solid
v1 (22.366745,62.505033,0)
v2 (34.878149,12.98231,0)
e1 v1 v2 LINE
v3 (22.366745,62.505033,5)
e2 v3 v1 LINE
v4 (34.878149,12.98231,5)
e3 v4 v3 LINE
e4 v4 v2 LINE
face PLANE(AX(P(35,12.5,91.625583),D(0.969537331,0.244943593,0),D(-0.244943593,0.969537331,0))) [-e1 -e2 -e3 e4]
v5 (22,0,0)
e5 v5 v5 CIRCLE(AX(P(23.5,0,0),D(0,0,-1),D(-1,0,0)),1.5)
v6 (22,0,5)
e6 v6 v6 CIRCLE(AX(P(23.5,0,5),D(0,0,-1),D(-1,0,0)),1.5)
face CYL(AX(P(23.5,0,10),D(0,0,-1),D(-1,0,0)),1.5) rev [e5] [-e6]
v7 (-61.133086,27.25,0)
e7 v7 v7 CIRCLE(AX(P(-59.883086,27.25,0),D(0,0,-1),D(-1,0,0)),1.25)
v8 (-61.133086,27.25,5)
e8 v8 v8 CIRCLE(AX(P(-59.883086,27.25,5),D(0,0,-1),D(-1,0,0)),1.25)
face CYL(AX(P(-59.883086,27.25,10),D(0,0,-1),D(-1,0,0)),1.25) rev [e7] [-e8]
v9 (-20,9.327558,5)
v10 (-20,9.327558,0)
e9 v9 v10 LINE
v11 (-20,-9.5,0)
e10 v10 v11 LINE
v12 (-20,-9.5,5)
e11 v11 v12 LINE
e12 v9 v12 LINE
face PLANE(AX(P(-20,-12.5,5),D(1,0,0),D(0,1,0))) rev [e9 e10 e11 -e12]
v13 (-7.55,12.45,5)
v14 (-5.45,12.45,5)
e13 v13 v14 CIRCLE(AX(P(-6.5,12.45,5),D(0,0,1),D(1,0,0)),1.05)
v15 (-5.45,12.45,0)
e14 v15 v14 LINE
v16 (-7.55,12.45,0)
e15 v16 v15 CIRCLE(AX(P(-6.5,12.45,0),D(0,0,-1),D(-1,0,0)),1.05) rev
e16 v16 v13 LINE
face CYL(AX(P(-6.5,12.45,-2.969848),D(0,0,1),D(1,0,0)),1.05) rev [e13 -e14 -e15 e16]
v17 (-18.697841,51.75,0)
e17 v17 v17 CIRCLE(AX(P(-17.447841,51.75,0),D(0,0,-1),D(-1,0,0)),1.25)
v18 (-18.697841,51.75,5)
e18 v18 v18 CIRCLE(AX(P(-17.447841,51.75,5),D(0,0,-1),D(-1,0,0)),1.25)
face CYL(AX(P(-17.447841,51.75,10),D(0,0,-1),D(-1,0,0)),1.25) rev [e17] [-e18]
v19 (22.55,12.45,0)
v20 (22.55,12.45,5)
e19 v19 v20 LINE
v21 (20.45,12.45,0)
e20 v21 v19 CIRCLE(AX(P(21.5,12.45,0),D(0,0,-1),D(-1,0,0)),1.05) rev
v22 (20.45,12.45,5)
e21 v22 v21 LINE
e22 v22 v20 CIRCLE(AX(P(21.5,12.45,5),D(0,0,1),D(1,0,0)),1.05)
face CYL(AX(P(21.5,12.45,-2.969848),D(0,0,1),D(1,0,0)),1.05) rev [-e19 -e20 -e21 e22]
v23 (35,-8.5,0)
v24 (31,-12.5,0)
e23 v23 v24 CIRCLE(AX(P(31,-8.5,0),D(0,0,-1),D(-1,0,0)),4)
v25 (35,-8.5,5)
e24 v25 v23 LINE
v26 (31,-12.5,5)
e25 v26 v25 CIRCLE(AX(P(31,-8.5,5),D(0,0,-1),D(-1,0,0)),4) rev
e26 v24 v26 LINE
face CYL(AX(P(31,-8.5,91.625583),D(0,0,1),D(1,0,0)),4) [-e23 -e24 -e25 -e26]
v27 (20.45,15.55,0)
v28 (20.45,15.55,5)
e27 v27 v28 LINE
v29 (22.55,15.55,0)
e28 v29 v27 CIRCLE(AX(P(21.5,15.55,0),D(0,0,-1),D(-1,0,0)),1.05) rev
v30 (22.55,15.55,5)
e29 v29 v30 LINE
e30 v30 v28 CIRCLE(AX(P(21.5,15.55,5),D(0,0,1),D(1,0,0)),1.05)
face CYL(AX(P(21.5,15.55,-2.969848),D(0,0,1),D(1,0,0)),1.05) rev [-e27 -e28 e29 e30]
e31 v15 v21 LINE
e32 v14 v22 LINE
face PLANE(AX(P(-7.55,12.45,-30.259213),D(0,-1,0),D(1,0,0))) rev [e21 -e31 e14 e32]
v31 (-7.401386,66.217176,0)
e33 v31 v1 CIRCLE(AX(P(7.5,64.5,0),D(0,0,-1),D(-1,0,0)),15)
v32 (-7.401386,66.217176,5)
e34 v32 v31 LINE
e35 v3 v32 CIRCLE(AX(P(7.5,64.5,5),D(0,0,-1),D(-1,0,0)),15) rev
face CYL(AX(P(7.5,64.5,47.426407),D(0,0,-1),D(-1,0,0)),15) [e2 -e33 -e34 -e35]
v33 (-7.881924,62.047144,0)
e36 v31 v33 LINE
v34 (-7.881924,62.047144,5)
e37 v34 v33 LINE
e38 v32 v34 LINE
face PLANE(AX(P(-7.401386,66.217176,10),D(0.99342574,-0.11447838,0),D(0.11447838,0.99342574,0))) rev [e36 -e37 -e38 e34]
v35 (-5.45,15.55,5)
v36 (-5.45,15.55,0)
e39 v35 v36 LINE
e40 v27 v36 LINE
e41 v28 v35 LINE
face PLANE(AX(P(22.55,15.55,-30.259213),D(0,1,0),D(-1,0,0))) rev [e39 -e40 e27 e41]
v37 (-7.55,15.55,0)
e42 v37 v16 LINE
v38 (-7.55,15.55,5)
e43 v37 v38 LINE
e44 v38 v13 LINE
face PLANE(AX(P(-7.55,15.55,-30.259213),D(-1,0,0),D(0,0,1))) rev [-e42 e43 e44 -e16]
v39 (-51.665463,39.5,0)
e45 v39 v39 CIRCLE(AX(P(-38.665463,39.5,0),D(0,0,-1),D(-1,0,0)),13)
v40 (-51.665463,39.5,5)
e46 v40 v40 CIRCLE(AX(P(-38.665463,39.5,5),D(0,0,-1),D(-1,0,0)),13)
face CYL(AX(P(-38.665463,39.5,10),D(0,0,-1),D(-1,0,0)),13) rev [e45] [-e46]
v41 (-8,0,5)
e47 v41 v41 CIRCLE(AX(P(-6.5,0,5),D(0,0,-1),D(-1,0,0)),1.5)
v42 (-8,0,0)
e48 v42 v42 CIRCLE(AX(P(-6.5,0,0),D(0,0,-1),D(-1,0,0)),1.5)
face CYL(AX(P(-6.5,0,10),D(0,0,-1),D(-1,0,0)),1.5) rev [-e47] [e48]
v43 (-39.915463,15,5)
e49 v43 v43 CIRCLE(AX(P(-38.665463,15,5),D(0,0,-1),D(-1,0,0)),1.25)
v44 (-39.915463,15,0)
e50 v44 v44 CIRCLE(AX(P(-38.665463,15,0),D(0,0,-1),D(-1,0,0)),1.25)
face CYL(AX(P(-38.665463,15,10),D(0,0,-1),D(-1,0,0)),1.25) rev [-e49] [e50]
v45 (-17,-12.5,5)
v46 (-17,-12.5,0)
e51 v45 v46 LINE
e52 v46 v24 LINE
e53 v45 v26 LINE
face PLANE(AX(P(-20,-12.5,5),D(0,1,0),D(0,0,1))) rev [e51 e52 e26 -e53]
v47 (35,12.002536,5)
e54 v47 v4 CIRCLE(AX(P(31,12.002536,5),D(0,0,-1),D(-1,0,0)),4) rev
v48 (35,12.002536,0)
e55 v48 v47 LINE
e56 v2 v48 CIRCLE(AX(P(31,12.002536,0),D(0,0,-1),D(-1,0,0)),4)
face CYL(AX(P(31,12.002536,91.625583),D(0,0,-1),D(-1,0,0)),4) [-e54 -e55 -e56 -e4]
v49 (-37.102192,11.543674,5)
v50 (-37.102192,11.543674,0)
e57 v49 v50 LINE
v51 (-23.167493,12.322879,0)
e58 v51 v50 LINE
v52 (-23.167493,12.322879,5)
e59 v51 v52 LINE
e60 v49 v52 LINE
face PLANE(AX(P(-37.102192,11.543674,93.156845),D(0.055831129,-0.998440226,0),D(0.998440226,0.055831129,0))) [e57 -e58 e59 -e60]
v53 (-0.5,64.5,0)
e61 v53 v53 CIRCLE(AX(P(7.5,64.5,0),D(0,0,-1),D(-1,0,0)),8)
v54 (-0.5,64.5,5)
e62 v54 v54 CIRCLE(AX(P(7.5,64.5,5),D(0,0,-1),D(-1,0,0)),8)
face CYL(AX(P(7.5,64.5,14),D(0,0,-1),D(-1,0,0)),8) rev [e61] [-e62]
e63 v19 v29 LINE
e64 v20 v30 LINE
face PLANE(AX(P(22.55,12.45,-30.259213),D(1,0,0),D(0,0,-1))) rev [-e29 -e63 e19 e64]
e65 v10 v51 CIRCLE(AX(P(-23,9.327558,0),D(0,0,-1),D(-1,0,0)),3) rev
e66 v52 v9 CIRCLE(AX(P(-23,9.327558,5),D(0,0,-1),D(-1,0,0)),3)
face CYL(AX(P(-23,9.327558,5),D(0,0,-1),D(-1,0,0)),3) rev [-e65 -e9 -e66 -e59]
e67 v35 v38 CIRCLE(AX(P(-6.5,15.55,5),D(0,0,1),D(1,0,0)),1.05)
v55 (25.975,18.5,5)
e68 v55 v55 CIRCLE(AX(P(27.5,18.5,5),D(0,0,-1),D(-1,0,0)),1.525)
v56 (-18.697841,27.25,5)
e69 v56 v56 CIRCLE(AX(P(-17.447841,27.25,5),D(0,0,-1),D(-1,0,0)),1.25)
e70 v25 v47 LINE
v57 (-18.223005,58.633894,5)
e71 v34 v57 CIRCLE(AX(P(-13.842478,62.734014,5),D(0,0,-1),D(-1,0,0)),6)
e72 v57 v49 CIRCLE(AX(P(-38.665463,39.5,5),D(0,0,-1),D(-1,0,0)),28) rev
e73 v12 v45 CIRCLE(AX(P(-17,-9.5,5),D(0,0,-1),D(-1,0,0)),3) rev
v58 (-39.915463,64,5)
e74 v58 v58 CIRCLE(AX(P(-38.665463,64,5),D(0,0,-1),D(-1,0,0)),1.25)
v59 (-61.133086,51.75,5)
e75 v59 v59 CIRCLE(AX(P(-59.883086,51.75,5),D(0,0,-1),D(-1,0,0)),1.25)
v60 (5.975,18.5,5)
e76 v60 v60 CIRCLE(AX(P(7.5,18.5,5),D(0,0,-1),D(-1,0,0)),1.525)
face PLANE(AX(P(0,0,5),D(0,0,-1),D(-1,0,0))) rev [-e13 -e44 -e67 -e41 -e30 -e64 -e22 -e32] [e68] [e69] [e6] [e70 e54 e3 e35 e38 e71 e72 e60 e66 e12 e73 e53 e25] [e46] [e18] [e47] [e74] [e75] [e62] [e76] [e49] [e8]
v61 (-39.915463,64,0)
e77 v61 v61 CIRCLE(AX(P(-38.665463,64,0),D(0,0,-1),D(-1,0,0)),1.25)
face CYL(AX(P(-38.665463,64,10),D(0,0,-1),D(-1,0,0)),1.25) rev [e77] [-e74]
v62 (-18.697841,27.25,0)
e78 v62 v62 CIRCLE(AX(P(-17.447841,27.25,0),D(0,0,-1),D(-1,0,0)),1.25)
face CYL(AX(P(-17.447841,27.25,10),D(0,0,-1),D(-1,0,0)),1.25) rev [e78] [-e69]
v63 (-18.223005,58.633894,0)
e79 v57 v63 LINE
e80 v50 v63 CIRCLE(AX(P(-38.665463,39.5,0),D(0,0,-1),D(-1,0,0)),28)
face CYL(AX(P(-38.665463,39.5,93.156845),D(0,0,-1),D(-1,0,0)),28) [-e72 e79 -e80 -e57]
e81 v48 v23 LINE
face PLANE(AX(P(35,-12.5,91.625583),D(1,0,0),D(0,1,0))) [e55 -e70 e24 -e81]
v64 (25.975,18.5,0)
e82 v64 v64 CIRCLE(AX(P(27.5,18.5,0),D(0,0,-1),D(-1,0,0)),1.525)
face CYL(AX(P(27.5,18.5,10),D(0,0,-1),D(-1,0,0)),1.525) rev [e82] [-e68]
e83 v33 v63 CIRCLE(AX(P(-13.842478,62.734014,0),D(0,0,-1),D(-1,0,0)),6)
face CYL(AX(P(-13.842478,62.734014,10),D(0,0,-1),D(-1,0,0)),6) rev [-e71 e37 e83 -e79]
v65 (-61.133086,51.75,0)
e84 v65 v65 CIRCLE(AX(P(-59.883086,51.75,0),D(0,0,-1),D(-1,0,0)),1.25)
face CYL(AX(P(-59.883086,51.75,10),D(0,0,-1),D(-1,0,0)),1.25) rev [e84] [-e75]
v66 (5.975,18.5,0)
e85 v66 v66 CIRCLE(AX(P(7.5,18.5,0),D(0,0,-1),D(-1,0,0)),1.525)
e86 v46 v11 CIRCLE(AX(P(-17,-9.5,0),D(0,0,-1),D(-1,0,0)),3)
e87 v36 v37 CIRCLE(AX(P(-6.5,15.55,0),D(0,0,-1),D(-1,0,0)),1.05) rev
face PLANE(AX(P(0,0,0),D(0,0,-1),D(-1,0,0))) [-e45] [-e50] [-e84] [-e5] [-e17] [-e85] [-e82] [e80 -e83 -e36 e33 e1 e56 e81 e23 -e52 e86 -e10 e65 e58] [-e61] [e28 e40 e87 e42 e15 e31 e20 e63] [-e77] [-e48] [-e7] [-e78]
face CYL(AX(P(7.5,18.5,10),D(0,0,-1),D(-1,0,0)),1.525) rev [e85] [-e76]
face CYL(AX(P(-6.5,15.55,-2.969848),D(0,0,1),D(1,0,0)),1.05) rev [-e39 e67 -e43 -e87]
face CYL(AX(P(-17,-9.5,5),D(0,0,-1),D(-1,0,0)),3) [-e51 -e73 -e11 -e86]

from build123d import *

# Parameters (mm, degrees)
SKETCH_1_W           = 40
SKETCH_1_H           = 25
EXTRUDE_1_DEPTH      = 5
SKETCH_2_W           = 25
SKETCH_2_H           = 62
EXTRUDE_2_DEPTH      = 5
SKETCH_3_R           = 8
CUT_EXTRUDE_1_DEPTH  = 14
EXTRUDE_3_DEPTH      = 5
EXTRUDE_4_DEPTH      = 5
SKETCH_6_R           = 1.25
CUT_EXTRUDE_2_DEPTH  = 10
SKETCH_7_R           = 13
CUT_EXTRUDE_3_DEPTH  = 10
FILLET_1_R           = 3
EXTRUDE_6_DEPTH      = 5
FILLET_5_R           = 4
SKETCH_12_R          = 15
SKETCH_12_R_2        = 8
EXTRUDE_7_DEPTH      = 5
CUT_EXTRUDE_6_DEPTH  = 10
SKETCH_14_W          = 30.1
SKETCH_14_H          = 3.1
CUT_EXTRUDE_7_DEPTH  = 5
SKETCH_15_R          = 1.05
CUT_EXTRUDE_8_DEPTH  = 5
SKETCH_18_R          = 1.5
CUT_EXTRUDE_12_DEPTH = 10
SKETCH_20_R          = 1.525
CUT_EXTRUDE_14_DEPTH = 10


with BuildPart() as part:
    # 草图1 → 凸台-拉伸1 (new body)
    with BuildSketch(Plane.XY):
        Rectangle(SKETCH_1_W, SKETCH_1_H)
    extrude(amount=EXTRUDE_1_DEPTH)

    # 草图2 → 凸台-拉伸2 (add)
    with BuildSketch(Plane.XY.offset(5)):
        with Locations((7.5, 43.5)):
            Rectangle(SKETCH_2_W, SKETCH_2_H)
    extrude(amount=-EXTRUDE_2_DEPTH)

    # 草图3 → 切除-拉伸1 (cut)
    with BuildSketch(Plane(origin=(0, 0, 0), x_dir=(-1, 0, 0), z_dir=(0, 0, -1))):
        with Locations((-7.5, 64.5)):
            Circle(SKETCH_3_R)
    extrude(amount=-CUT_EXTRUDE_1_DEPTH, mode=Mode.SUBTRACT)

    # 草图4 → 凸台-拉伸3 (add)
    with BuildSketch(Plane(origin=(0, 0, 0), x_dir=(-1, 0, 0), z_dir=(0, 0, -1))):
        Polygon((5, 74.5), (20, 12.5), (5, 12.5), align=None)
    extrude(amount=-EXTRUDE_3_DEPTH)

    # 草图5 → 凸台-拉伸4 (add)
    with BuildSketch(Plane(origin=(0, 0, 0), x_dir=(-1, 0, 0), z_dir=(0, 0, -1))):
        with BuildLine():
            Line((5, 74.5), (43.961916065, 66.994501049))
            ThreePointArc((43.961916065, 66.994501049), (66.453639267, 36.062373582), (37.102191657, 11.543673671))
            Line((37.102191657, 11.543673671), (20, 12.5))
            Line((20, 12.5), (5, 74.5))
        make_face()
    extrude(amount=-EXTRUDE_4_DEPTH)

    # 草图6 → 切除-拉伸2 (cut)
    with BuildSketch(Plane(origin=(0, 0, 0), x_dir=(-1, 0, 0), z_dir=(0, 0, -1))):
        with Locations((38.665463282, 64)):
            Circle(SKETCH_6_R)
        with Locations((59.883085674, 51.75)):
            Circle(SKETCH_6_R)
        with Locations((59.883085674, 27.25)):
            Circle(SKETCH_6_R)
        with Locations((38.665463282, 15)):
            Circle(SKETCH_6_R)
        with Locations((17.447840889, 27.25)):
            Circle(SKETCH_6_R)
        with Locations((17.447840889, 51.75)):
            Circle(SKETCH_6_R)
    extrude(amount=-CUT_EXTRUDE_2_DEPTH, mode=Mode.SUBTRACT)

    # 草图7 → 切除-拉伸3 (cut)
    with BuildSketch(Plane(origin=(0, 0, 0), x_dir=(-1, 0, 0), z_dir=(0, 0, -1))):
        with Locations((38.665463282, 39.5)):
            Circle(SKETCH_7_R)
    extrude(amount=-CUT_EXTRUDE_3_DEPTH, mode=Mode.SUBTRACT)

    # 圆角1
    fillet_1_edges = [part.edges().sort_by_distance(p)[0] for p in [
        (20, 74.5, 2.5),
        (20, -12.5, 2.5),
        (-20, -12.5, 2.5),
        (-20, 12.5, 2.5),
    ]]
    fillet(fillet_1_edges, radius=FILLET_1_R)

    # 草图9 → 凸台-拉伸6 (add)
    with BuildSketch(Plane(origin=(0, 0, 0), x_dir=(-1, 0, 0), z_dir=(0, 0, -1))):
        Polygon((-17, -12.5), (-35, -12.5), (-35, 12.5), (-19.908611993, 72.234830778), align=None)
    extrude(amount=-EXTRUDE_6_DEPTH)

    # 圆角5
    fillet_5_edges = [part.edges().sort_by_distance(p)[0] for p in [
        (35, -12.5, 2.5),
        (35, 12.5, 2.5),
    ]]
    fillet(fillet_5_edges, radius=FILLET_5_R)

    # 草图12 → 凸台-拉伸7 (add)
    with BuildSketch(Plane(origin=(0, 0, 0), x_dir=(-1, 0, 0), z_dir=(0, 0, -1))):
        with Locations((-7.5, 64.5)):
            Circle(SKETCH_12_R)
        with Locations((-7.5, 64.5)):
            Circle(SKETCH_12_R_2, mode=Mode.SUBTRACT)
    extrude(amount=-EXTRUDE_7_DEPTH)

    # 草图13 → 切除-拉伸6 (cut)
    with BuildSketch(Plane(origin=(0, 0, 0), x_dir=(-1, 0, 0), z_dir=(0, 0, -1))):
        with BuildLine():
            Line((7.401386096, 66.217175707), (7.881923771, 62.047143837))
            ThreePointArc((7.881923771, 62.047143837), (11.961869133, 57.036355872), (18.223004987, 58.633893981))
            ThreePointArc((18.223004987, 58.633893981), (30.76141934, 66.361237674), (45.486790657, 66.65638954))
            Line((45.486790657, 66.65638954), (-3.845717477, 79.048065825))
            ThreePointArc((-3.845717477, 79.048065825), (3.779900034, 74.38756063), (7.401386096, 66.217175707))
        make_face()
    extrude(amount=-CUT_EXTRUDE_6_DEPTH, mode=Mode.SUBTRACT)

    # 草图14 → 切除-拉伸7 (cut)
    with BuildSketch(Plane.XY.offset(5)):
        with Locations((7.5, 14)):
            Rectangle(SKETCH_14_W, SKETCH_14_H)
    extrude(amount=-CUT_EXTRUDE_7_DEPTH, mode=Mode.SUBTRACT)

    # 草图15 → 切除-拉伸8 (cut)
    with BuildSketch(Plane.XY.offset(5)):
        with Locations((-6.5, 15.55)):
            Circle(SKETCH_15_R)
        with Locations((21.5, 15.55)):
            Circle(SKETCH_15_R)
        with Locations((-6.5, 12.45)):
            Circle(SKETCH_15_R)
        with Locations((21.5, 12.45)):
            Circle(SKETCH_15_R)
    extrude(amount=-CUT_EXTRUDE_8_DEPTH, mode=Mode.SUBTRACT)

    # 草图18 → 切除-拉伸12 (cut)
    with BuildSketch(Plane(origin=(0, 0, 0), x_dir=(-1, 0, 0), z_dir=(0, 0, -1))):
        with Locations((-23.5, 0)):
            Circle(SKETCH_18_R)
        with Locations((6.5, 0)):
            Circle(SKETCH_18_R)
    extrude(amount=-CUT_EXTRUDE_12_DEPTH, mode=Mode.SUBTRACT)

    # 草图20 → 切除-拉伸14 (cut)
    with BuildSketch(Plane(origin=(0, 0, 0), x_dir=(-1, 0, 0), z_dir=(0, 0, -1))):
        with Locations((-27.5, 18.5)):
            Circle(SKETCH_20_R)
        with Locations((-7.5, 18.5)):
            Circle(SKETCH_20_R)
    extrude(amount=-CUT_EXTRUDE_14_DEPTH, mode=Mode.SUBTRACT)


solid = part.part
